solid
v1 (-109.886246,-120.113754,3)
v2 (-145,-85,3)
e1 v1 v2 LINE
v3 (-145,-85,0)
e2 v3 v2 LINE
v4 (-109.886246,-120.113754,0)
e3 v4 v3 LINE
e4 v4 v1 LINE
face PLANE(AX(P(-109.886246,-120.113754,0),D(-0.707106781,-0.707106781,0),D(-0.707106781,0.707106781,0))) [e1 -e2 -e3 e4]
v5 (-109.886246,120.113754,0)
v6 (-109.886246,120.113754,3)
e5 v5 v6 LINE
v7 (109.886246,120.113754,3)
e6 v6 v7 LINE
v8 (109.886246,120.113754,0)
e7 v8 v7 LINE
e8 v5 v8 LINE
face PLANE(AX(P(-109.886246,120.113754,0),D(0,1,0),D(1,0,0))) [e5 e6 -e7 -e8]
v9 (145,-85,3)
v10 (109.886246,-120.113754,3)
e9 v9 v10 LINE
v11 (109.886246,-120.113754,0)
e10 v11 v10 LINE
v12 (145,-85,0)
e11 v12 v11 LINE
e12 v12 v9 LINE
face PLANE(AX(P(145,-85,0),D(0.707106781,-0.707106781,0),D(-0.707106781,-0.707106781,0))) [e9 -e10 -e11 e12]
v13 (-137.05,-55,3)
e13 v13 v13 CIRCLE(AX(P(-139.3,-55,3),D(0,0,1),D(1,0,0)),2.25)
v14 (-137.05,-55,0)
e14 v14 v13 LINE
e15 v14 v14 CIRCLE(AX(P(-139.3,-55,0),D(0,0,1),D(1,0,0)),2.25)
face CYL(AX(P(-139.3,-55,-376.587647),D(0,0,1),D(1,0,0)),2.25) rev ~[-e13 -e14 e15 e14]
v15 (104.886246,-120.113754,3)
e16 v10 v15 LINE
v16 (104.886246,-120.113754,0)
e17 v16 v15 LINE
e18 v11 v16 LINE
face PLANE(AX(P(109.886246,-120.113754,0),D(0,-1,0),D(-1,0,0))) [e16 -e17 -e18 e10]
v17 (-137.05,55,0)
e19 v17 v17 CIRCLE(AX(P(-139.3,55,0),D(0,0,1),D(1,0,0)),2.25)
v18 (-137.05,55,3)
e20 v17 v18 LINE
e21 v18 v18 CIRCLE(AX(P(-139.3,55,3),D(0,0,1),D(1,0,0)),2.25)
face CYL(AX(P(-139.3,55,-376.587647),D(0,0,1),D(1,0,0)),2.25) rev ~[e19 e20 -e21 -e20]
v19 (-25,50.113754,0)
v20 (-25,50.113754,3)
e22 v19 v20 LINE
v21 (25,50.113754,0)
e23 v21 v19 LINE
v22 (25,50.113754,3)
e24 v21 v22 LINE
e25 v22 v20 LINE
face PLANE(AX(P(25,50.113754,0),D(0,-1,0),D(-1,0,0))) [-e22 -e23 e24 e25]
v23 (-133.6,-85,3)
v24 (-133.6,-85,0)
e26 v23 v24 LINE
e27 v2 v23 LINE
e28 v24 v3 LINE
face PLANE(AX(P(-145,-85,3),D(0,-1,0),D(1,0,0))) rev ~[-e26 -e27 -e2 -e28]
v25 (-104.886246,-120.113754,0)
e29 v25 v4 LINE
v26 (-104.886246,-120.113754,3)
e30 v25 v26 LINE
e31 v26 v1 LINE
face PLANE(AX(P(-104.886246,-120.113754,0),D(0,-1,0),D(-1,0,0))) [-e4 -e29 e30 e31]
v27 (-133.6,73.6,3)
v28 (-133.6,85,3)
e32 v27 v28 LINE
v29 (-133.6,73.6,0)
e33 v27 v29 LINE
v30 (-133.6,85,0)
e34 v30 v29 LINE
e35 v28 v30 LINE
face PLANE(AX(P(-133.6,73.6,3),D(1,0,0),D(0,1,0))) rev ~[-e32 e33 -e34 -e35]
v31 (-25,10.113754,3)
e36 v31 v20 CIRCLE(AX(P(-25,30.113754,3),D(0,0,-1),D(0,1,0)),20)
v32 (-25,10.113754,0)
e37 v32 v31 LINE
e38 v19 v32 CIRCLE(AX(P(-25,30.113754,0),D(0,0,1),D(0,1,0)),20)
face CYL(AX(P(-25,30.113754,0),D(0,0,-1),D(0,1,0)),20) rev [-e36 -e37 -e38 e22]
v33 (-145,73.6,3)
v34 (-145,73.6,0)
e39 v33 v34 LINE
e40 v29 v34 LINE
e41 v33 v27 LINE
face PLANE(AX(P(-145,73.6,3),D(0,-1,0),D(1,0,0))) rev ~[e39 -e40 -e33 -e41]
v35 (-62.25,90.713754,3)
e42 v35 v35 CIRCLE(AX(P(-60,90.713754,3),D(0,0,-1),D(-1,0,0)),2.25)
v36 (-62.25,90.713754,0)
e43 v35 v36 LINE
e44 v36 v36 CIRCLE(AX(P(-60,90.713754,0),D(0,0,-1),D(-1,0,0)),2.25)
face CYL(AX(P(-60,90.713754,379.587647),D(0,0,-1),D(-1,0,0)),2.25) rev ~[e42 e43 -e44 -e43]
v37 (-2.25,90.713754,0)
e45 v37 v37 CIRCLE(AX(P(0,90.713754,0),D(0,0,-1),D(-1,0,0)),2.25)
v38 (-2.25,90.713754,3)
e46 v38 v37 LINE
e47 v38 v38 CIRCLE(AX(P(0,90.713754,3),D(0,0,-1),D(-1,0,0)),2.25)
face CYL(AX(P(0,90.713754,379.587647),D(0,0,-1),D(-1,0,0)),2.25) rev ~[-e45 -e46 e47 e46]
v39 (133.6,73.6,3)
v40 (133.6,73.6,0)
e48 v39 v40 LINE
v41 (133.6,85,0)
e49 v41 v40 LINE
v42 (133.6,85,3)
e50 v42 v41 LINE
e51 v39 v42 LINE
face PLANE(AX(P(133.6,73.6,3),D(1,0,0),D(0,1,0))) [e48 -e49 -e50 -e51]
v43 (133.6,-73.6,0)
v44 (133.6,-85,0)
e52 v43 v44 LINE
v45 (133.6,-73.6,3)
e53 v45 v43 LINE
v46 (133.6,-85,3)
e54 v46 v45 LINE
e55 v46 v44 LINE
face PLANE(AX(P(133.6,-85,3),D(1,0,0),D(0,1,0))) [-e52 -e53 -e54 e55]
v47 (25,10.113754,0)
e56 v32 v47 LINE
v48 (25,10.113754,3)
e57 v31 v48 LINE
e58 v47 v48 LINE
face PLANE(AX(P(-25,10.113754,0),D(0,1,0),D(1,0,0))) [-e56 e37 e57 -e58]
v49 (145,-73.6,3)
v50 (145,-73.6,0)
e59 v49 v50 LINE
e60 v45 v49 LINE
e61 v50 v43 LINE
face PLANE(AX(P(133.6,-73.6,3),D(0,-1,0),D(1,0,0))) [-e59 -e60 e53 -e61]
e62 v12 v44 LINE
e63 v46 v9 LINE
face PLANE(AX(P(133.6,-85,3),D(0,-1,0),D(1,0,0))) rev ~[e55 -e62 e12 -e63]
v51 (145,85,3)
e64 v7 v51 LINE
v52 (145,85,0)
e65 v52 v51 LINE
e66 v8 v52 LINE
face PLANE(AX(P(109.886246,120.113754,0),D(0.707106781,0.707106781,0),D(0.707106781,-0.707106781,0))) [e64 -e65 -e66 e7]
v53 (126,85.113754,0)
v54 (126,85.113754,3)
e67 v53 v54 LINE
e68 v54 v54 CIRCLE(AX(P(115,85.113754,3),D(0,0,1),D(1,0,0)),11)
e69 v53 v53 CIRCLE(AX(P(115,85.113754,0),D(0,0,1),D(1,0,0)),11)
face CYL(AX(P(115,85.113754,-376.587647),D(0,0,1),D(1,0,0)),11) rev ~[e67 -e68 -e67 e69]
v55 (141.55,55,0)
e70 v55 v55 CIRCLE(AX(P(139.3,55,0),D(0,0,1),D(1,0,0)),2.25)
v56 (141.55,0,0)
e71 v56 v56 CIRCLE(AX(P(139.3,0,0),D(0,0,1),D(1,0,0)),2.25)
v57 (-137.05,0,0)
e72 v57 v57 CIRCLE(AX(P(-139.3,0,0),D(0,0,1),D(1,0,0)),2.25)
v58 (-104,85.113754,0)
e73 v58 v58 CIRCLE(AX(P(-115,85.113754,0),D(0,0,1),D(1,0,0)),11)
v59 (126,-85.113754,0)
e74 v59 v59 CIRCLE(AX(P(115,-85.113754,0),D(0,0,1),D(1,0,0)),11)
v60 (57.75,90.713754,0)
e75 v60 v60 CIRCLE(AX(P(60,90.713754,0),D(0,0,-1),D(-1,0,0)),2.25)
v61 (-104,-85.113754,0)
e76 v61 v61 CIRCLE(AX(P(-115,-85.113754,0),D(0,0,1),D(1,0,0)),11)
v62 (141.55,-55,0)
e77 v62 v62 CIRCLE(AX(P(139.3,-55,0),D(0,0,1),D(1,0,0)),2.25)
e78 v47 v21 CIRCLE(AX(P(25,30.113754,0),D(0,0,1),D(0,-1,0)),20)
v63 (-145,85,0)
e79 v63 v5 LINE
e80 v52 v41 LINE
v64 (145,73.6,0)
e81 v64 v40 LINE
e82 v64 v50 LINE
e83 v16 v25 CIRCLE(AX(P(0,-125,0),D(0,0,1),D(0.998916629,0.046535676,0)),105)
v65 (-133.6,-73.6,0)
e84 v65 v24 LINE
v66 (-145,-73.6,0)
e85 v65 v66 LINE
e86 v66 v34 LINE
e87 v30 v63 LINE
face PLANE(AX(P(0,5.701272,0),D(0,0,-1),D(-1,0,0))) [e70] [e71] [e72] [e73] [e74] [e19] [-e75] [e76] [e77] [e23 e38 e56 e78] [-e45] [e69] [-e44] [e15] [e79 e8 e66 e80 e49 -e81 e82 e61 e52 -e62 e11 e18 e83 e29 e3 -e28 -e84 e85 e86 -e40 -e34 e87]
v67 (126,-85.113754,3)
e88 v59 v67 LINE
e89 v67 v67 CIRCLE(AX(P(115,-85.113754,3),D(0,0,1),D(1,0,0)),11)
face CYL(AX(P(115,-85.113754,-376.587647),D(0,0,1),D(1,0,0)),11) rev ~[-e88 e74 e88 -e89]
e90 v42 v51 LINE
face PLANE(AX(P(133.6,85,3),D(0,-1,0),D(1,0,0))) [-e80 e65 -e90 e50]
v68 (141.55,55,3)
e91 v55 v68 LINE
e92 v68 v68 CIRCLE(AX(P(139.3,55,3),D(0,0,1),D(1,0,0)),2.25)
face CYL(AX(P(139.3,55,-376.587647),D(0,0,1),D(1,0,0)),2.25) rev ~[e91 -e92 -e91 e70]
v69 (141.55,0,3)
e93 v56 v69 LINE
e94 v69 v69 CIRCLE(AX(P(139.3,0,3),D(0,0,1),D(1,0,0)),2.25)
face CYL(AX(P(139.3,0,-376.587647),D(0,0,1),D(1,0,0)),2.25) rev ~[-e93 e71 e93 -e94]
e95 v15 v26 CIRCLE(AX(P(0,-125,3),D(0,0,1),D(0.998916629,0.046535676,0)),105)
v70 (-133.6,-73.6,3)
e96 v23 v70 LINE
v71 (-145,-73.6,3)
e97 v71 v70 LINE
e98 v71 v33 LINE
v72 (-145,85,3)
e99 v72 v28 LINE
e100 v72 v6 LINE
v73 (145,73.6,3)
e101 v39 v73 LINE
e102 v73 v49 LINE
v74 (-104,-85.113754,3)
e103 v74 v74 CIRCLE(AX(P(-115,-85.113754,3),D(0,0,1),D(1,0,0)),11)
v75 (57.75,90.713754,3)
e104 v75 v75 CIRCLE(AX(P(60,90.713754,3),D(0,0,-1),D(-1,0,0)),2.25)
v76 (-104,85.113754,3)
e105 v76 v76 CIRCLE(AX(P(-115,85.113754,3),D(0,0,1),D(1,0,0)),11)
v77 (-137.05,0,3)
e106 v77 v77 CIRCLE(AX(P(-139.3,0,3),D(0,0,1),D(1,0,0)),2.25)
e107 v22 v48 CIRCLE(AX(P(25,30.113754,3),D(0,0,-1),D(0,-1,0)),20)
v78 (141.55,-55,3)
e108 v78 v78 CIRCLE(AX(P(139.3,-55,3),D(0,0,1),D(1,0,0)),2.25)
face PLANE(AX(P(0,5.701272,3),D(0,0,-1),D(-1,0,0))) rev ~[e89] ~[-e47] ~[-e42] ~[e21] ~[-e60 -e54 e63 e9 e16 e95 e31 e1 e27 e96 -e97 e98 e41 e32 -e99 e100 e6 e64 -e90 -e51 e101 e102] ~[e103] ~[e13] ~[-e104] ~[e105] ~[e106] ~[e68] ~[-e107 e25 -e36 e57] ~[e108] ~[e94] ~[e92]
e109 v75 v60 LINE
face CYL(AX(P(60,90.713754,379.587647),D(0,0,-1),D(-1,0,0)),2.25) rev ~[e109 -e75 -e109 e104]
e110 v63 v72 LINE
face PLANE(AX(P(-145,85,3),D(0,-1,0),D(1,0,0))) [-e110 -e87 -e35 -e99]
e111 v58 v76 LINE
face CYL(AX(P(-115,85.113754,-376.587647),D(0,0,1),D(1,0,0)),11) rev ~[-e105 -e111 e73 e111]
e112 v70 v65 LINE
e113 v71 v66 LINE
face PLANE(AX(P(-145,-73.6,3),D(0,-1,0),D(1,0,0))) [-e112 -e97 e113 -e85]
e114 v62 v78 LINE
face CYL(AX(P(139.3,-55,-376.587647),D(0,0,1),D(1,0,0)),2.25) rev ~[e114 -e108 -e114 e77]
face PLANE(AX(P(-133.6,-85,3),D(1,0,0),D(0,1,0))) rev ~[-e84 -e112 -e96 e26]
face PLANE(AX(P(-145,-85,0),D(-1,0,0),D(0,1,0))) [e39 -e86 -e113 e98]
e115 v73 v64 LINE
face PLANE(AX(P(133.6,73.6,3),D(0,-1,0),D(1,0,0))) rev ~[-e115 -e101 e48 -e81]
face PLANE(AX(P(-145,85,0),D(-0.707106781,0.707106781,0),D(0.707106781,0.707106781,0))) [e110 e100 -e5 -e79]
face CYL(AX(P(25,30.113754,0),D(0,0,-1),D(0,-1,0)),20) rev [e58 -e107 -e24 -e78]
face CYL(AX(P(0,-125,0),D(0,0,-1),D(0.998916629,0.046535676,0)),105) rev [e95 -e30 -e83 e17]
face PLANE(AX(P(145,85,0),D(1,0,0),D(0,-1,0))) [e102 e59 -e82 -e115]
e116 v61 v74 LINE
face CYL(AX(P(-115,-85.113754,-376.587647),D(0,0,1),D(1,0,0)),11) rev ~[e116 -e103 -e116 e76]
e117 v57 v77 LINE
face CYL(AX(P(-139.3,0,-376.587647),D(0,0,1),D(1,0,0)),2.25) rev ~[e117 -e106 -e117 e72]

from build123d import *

# Parameters (mm, degrees)
BOSS_EXTRU_1_DEPTH      = 3
ESQUISSE21_W            = 11.4
ESQUISSE21_H            = 11.4
ENL_V_MAT_EXTRU_3_DEPTH = 4
D_GAGEMENT_M41_D        = 4.5
D_GAGEMENT_M42_D        = 4.5
D_GAGEMENT_M201_D       = 22
ENL_V_MAT_EXTRU_4_DEPTH = 4


with BuildPart() as part:
    # Esquisse1 → Boss.-Extru.1 (new body)
    with BuildSketch(Plane.XY):
        with BuildLine():
            Line((-145, 85), (-109.886246, 120.113754))
            Line((-109.886246, 120.113754), (109.886246, 120.113754))
            Line((109.886246, 120.113754), (145, 85))
            Line((145, 85), (145, -85))
            Line((145, -85), (109.886246, -120.113754))
            Line((109.886246, -120.113754), (104.886246, -120.113754))
            ThreePointArc((104.886246, -120.113754), (0, -20), (-104.886246, -120.113754))
            Line((-104.886246, -120.113754), (-109.886246, -120.113754))
            Line((-109.886246, -120.113754), (-145, -85))
            Line((-145, -85), (-145, 85))
        make_face()
    extrude(amount=BOSS_EXTRU_1_DEPTH)

    # Esquisse21 → Enlèv. mat.-Extru.3 (cut, through all)
    with BuildSketch(Plane.XY.offset(3)):
        with Locations((-139.3, 79.3)):
            Rectangle(ESQUISSE21_W, ESQUISSE21_H)
        with Locations((139.3, 79.3)):
            Rectangle(ESQUISSE21_W, ESQUISSE21_H)
        with Locations((-139.3, -79.3)):
            Rectangle(ESQUISSE21_W, ESQUISSE21_H)
        with Locations((139.3, -79.3)):
            Rectangle(ESQUISSE21_W, ESQUISSE21_H)
    extrude(amount=-ENL_V_MAT_EXTRU_3_DEPTH, mode=Mode.SUBTRACT)

    # Dégagement M41 (through all)
    with Locations(Plane(origin=(0, 0, 0), x_dir=(-1, 0, 0), z_dir=(0, 0, -1))):
        with Locations((-139.3, 55), (-139.3, 0), (-139.3, -55), (139.3, 55), (139.3, 0), (139.3, -55)):
            Hole(D_GAGEMENT_M41_D / 2)

    # Dégagement M42 (through all)
    with Locations(Plane.XY.offset(3)):
        with Locations((-60, 90.713754), (0, 90.713754), (60, 90.713754)):
            Hole(D_GAGEMENT_M42_D / 2)

    # Dégagement M201 (through all)
    with Locations(Plane(origin=(0, 0, 0), x_dir=(-1, 0, 0), z_dir=(0, 0, -1))):
        with Locations((-115, 85.113754), (-115, -85.113754), (115, 85.113754), (115, -85.113754)):
            Hole(D_GAGEMENT_M201_D / 2)

    # Esquisse46 → Enlèv. mat.-Extru.4 (cut, through all)
    with BuildSketch(Plane(origin=(0, 0, 0), x_dir=(-1, 0, 0), z_dir=(0, 0, -1))):
        with BuildLine():
            Line((-25, 50.113754), (25, 50.113754))
            ThreePointArc((25, 50.113754), (45, 30.113754), (25, 10.113754))
            Line((25, 10.113754), (-25, 10.113754))
            ThreePointArc((-25, 10.113754), (-45, 30.113754), (-25, 50.113754))
        make_face()
    extrude(amount=-ENL_V_MAT_EXTRU_4_DEPTH, mode=Mode.SUBTRACT)


solid = part.part
